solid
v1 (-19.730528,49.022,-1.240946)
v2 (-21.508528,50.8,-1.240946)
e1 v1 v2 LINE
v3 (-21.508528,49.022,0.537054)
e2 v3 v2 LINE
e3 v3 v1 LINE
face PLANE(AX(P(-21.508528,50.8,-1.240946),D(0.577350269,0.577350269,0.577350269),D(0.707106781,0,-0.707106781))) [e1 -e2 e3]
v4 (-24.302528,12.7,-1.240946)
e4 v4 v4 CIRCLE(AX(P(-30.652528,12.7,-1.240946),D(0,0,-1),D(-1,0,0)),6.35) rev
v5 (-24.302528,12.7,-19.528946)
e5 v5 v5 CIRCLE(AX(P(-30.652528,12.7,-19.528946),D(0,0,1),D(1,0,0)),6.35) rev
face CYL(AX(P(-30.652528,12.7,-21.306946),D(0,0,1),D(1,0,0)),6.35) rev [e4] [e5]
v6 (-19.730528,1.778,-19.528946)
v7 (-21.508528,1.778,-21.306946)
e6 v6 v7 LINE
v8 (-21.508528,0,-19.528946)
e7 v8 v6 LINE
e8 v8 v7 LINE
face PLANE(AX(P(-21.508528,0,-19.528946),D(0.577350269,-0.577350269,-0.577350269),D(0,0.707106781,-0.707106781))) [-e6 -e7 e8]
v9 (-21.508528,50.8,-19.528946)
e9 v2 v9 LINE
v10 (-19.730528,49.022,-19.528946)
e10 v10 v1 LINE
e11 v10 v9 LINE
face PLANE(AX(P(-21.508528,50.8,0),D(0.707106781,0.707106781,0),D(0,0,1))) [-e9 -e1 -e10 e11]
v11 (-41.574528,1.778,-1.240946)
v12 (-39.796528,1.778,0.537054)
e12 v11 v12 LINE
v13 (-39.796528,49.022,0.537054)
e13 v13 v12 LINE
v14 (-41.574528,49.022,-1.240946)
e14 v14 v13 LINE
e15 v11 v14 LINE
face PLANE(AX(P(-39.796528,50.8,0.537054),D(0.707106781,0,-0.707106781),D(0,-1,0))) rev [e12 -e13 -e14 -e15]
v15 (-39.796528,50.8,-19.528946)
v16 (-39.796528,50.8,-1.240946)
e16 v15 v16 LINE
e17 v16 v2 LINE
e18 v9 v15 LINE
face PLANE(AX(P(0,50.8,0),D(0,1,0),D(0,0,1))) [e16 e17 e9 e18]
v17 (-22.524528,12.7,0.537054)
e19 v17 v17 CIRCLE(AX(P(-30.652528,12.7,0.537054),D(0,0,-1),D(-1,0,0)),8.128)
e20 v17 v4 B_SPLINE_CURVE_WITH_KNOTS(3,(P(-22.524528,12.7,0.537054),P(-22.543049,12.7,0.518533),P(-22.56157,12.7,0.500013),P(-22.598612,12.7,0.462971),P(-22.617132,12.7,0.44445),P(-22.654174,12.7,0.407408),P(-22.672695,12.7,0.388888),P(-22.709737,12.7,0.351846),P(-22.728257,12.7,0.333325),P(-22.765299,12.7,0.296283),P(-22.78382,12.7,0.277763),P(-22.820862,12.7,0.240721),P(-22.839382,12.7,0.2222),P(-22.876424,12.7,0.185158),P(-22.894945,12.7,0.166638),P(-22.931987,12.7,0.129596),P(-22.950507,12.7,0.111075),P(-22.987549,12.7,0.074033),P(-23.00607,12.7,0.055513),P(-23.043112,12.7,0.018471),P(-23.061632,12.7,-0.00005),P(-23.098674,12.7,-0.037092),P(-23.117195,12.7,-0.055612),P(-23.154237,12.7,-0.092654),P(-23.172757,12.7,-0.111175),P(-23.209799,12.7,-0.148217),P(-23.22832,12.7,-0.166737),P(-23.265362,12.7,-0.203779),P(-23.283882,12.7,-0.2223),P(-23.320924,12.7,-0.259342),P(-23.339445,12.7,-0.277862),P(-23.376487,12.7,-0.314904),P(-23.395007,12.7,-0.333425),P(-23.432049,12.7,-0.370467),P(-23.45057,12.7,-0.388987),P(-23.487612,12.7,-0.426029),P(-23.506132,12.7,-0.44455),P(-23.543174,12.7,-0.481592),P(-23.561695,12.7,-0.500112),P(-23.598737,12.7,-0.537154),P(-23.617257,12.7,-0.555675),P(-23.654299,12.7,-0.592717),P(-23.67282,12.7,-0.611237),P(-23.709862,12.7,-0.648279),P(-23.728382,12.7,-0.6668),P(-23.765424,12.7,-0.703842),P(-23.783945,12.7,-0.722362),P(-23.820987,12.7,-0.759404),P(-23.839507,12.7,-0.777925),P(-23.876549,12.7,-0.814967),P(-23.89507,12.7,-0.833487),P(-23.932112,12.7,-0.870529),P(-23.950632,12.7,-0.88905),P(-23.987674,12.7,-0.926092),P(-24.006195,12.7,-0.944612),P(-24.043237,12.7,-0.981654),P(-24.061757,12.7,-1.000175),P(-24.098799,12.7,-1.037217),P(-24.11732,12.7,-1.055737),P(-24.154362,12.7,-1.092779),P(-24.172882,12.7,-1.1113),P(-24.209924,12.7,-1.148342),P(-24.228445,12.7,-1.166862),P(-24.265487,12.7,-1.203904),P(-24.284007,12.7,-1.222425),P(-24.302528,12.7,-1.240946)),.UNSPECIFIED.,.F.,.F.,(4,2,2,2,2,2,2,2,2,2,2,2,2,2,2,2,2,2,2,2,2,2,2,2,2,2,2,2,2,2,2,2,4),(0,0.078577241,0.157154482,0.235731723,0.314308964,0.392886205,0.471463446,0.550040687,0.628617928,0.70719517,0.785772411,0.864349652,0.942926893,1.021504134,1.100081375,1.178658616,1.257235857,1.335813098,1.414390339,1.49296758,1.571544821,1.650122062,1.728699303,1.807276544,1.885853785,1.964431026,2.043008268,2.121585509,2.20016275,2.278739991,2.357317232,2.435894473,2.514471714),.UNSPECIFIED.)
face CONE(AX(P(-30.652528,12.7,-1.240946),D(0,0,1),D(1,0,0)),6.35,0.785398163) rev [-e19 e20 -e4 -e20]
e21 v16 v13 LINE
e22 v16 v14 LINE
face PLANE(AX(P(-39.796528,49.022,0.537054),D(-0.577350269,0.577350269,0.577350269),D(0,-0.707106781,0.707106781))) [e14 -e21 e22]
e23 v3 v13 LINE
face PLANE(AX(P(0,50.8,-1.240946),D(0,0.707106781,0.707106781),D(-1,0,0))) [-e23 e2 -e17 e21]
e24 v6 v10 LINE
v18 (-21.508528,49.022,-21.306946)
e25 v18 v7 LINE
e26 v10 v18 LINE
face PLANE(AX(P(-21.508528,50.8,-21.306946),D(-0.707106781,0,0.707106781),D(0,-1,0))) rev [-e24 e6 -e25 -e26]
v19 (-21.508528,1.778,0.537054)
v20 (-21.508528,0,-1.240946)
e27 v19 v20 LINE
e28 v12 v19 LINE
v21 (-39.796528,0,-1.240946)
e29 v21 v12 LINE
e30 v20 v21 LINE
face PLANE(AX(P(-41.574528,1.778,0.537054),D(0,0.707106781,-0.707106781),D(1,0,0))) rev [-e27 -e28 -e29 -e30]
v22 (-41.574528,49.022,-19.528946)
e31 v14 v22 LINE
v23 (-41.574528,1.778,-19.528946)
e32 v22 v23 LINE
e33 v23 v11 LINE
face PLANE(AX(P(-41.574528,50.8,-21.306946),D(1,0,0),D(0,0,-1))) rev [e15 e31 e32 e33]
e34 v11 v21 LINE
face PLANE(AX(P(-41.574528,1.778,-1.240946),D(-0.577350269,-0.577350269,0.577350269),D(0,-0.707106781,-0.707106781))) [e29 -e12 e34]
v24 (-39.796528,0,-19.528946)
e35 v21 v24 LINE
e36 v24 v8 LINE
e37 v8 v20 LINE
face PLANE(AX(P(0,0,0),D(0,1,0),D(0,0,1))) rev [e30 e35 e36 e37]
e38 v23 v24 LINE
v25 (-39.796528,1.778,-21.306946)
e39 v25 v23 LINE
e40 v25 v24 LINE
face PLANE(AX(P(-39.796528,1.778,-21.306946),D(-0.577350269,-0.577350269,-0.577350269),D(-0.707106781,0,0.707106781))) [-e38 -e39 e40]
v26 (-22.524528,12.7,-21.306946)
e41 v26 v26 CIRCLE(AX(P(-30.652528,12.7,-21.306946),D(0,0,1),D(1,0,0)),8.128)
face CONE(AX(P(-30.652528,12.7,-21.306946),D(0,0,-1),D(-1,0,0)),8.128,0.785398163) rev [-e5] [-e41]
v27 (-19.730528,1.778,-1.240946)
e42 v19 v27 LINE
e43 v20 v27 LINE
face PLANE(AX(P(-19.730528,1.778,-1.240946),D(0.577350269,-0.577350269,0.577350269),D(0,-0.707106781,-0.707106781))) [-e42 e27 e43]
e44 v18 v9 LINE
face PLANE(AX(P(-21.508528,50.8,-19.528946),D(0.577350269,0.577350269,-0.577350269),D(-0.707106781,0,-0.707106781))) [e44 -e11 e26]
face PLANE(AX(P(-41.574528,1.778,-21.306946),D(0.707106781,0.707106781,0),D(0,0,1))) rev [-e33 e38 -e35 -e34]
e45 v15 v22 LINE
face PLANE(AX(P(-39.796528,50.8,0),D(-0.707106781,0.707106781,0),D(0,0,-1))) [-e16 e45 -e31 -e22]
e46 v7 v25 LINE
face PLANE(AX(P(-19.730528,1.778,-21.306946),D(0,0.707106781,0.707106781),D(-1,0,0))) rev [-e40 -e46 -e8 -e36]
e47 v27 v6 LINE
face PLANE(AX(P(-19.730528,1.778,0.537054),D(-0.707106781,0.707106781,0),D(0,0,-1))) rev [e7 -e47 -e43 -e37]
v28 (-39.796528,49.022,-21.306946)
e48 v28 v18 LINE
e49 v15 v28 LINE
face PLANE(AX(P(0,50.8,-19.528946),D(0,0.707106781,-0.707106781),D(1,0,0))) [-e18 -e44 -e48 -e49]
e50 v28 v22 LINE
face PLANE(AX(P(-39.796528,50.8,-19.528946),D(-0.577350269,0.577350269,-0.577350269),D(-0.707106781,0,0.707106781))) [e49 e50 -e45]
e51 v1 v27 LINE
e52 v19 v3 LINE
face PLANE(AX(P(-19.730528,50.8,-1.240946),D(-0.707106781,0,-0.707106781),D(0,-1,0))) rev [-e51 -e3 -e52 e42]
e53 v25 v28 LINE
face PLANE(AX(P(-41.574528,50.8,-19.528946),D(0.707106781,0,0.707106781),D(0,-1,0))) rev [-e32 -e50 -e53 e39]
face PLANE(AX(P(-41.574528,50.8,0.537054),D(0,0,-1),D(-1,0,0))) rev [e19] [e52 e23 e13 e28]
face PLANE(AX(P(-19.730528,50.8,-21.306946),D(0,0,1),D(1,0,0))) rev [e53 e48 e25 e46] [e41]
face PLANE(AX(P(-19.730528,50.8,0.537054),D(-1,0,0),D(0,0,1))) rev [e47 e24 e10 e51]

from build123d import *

# Parameters (mm, degrees)
SKETCH1_W           = 21.844
SKETCH1_H           = 21.844
BOSS_EXTRUDE1_DEPTH = 50.8
SKETCH3_R           = 6.35
CUT_EXTRUDE2_DEPTH  = 70.182669358
CHAMFER1_SIZE       = 1.778


with BuildPart() as part:
    # Sketch1 → Boss-Extrude1 (new body)
    with BuildSketch(Plane(origin=(0, 0, 0), x_dir=(1, 0, 0), z_dir=(0, 1, 0))):
        with Locations((-30.652528302, 10.384945755)):
            Rectangle(SKETCH1_W, SKETCH1_H)
    extrude(amount=BOSS_EXTRUDE1_DEPTH)

    # Sketch3 → Cut-Extrude2 (cut, through all)
    with BuildSketch(Plane.XY.offset(0.537054245)):
        with Locations((-30.652528302, 12.7)):
            Circle(SKETCH3_R)
    extrude(amount=-CUT_EXTRUDE2_DEPTH, mode=Mode.SUBTRACT)

    # Chamfer1
    chamfer1_edges = [part.edges().sort_by_distance(p)[0] for p in [
        (-30.652528302, 50.8, 0.537054245),
        (-37.002528302, 12.7, -21.306945755),
        (-37.002528302, 12.7, 0.537054245),
        (-19.730528302, 50.8, -10.384945755),
        (-30.652528302, 50.8, -21.306945755),
        (-19.730528302, 0, -10.384945755),
        (-30.652528302, 0, 0.537054245),
        (-41.574528302, 0, -10.384945755),
        (-30.652528302, 0, -21.306945755),
        (-19.730528302, 25.4, -21.306945755),
        (-19.730528302, 25.4, 0.537054245),
        (-41.574528302, 25.4, 0.537054245),
        (-41.574528302, 25.4, -21.306945755),
        (-41.574528302, 50.8, -10.384945755),
    ]]
    chamfer(chamfer1_edges, length=CHAMFER1_SIZE)


solid = part.part
